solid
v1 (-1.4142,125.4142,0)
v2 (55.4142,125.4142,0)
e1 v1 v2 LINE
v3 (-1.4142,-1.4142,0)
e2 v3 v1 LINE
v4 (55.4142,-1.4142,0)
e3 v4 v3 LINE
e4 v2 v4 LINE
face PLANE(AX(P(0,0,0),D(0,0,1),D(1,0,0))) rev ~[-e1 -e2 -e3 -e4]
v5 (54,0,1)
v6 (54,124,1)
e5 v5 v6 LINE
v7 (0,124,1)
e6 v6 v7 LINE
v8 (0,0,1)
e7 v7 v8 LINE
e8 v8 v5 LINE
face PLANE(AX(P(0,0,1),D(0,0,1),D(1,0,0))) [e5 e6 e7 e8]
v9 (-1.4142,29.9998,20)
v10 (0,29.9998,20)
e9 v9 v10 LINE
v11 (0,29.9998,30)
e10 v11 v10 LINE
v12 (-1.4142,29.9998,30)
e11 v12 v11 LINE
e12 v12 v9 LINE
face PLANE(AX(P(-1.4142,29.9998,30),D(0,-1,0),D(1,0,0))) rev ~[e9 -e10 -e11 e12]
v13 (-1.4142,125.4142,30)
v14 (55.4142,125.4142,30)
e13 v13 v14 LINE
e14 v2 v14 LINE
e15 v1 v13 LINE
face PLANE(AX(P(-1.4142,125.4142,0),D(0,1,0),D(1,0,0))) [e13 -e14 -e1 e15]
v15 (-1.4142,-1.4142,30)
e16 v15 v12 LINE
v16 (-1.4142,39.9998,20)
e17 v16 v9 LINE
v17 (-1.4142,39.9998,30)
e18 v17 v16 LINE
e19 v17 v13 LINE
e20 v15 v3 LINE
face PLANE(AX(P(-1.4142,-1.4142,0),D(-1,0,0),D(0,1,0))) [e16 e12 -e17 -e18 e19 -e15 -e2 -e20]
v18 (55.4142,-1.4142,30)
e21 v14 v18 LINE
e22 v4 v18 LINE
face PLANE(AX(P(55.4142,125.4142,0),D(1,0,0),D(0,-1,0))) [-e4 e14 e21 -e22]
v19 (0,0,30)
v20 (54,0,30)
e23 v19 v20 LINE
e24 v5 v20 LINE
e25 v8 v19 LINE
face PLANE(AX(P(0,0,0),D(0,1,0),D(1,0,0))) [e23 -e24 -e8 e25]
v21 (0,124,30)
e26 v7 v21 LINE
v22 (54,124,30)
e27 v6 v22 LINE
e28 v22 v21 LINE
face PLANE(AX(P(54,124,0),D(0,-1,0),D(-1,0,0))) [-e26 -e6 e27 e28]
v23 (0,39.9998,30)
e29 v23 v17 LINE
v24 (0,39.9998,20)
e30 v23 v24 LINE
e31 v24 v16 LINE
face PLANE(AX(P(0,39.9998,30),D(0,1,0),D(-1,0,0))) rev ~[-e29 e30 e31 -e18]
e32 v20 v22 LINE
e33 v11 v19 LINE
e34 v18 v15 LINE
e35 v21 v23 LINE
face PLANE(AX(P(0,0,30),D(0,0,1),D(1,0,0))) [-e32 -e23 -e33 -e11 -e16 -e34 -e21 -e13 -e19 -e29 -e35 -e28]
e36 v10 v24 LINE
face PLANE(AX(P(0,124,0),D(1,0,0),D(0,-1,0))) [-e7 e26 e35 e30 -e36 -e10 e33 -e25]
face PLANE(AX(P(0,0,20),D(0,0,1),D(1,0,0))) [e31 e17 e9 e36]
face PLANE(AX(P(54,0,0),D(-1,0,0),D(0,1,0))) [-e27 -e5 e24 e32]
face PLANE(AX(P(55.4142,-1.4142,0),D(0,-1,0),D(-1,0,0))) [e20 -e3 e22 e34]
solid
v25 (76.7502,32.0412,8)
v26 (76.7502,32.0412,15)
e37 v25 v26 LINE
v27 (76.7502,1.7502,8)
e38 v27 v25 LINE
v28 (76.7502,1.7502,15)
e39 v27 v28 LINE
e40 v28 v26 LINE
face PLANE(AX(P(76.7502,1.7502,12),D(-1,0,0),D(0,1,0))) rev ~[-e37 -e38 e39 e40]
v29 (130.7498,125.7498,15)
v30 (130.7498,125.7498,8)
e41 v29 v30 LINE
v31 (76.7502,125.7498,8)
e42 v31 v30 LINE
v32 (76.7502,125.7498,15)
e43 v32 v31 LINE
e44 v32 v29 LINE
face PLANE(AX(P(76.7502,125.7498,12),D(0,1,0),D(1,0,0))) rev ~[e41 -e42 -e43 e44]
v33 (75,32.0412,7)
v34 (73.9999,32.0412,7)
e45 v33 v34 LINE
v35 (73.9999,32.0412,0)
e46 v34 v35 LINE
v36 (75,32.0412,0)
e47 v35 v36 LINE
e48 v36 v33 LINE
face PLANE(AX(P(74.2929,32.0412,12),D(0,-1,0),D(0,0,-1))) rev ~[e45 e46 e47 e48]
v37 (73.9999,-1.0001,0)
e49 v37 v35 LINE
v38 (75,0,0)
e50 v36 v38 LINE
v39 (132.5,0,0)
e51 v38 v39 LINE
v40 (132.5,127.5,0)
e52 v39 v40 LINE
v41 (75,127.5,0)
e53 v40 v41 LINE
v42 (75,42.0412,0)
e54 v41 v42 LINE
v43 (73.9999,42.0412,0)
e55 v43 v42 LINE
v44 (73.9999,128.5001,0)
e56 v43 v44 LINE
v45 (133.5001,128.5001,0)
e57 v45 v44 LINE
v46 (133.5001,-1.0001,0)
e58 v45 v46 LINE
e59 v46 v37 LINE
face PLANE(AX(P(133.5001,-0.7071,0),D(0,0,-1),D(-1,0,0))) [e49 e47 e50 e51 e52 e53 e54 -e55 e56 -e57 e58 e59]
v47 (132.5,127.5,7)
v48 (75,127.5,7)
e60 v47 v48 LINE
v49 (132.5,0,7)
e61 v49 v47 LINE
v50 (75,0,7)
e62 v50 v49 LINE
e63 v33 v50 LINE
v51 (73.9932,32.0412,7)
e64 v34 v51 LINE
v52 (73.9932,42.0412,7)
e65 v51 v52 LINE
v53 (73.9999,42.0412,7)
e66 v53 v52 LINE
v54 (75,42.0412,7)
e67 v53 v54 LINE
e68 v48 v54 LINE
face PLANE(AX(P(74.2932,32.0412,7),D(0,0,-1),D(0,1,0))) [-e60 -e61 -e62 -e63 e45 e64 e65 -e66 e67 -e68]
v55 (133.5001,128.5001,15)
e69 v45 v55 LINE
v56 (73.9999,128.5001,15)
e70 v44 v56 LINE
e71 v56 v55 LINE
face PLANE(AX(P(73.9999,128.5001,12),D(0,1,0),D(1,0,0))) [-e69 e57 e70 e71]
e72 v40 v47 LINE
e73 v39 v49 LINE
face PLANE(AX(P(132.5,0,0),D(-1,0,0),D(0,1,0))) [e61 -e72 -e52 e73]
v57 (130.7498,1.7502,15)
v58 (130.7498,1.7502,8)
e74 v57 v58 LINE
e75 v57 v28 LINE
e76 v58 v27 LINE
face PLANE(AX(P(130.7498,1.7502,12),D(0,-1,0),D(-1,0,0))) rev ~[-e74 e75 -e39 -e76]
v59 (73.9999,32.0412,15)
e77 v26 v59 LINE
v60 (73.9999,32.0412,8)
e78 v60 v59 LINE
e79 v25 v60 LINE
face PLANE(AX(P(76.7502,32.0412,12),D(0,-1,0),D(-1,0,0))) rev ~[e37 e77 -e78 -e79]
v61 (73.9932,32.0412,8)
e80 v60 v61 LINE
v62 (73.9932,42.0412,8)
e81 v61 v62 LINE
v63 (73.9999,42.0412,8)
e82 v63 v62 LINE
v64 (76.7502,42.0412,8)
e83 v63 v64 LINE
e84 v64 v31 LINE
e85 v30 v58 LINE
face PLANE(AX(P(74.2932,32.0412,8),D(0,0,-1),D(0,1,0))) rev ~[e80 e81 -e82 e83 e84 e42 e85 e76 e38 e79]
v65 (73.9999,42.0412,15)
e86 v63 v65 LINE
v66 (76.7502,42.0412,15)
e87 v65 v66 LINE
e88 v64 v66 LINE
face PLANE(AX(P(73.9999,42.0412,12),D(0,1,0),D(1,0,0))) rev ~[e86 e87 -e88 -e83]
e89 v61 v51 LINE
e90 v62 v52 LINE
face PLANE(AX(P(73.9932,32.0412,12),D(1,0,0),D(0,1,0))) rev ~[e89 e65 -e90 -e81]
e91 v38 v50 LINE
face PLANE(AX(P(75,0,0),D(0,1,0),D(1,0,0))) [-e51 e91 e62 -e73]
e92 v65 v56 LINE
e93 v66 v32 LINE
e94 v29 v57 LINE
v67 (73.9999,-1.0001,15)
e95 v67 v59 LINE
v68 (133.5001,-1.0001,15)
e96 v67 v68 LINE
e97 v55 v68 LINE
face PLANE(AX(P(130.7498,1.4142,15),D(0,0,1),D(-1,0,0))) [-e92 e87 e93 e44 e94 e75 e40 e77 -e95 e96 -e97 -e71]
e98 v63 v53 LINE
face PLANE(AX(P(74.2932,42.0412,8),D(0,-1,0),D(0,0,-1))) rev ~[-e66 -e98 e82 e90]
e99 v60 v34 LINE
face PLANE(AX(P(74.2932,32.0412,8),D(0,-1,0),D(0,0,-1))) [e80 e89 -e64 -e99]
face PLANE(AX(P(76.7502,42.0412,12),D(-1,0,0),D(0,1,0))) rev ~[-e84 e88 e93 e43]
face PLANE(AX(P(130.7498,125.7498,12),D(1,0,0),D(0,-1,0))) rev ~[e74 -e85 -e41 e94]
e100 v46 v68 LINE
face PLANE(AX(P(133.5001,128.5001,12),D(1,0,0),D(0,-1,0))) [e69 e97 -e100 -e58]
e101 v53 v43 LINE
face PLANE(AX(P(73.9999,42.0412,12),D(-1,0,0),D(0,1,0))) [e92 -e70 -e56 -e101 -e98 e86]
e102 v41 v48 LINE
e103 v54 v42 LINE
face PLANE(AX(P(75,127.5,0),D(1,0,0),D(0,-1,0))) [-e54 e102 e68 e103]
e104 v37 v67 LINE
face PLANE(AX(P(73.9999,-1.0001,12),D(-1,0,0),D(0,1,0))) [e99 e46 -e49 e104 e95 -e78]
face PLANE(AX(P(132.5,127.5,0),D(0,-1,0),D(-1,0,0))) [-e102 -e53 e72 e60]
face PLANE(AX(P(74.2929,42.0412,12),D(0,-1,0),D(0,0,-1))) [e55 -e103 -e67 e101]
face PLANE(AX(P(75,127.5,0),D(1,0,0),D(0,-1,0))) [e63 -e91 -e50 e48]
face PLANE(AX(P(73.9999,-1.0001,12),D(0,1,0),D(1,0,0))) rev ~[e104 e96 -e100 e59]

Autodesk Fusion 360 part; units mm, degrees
sketch "Sketch1" plane through (0, 0, 0) normal (0, 0, 1) x (1, 0, 0)
  line L0 (0, 0) -> (54, 0)
  line L1 (54, 0) -> (54, 124)
  line L2 (54, 124) -> (0, 124)
  line L3 (0, 124) -> (0, 0)
  line L4 (54, 0) -> (55.4142, -1.4142)
  line L5 (54, 0) -> (56, 0) construction
  line L6 (0, 124) -> (-1.4142, 125.4142)
  line L7 (-1.4142, 125.4142) -> (55.4142, 125.4142)
  line L8 (55.4142, 125.4142) -> (55.4142, -1.4142)
  line L9 (55.4142, -1.4142) -> (-1.4142, -1.4142)
  line L10 (-1.4142, -1.4142) -> (-1.4142, 125.4142)
  dimension "d1" = 54
  dimension "d2" = 124
  dimension "d3" = 2
  dimension "d4" = 45
  dimension "d5" = 2
extrude "Extrude1" add sketch "Sketch1" along normal blind 30 contours L0 L3 L4 L6 L9 L10 | L1 L2 L4 L6 L7 L8 makes body 1
sketch "Sketch2" plane through (0, 0, 0) normal (0, 0, 1) x (1, 0, 0)
  line L0 (-1.4142, -1.4142) -> (55.4142, -1.4142)
  line L1 (55.4142, -1.4142) -> (55.4142, 125.4142)
  line L2 (55.4142, 125.4142) -> (-1.4142, 125.4142)
  line L3 (-1.4142, 125.4142) -> (-1.4142, -1.4142)
  point P0 (-1.4142, -1.4142)
  point P1 (55.4142, 125.4142)
extrude "Extrude2" add sketch "Sketch2" along normal blind 1 bodies 1
sketch "Sketch3" plane through (0, 0, 0) normal (0, 0, 1) x (1, 0, 0)
  line L0 (70, 0) -> (128, 0)
  line L1 (128, 0) -> (128, 128)
  line L2 (128, 128) -> (70, 128)
  line L3 (70, 128) -> (70, 0)
  line L4 (70, 0) -> (70.7071, 0.7071)
  line L5 (128, 128) -> (127.2929, 127.2929)
  line L6 (127.2929, 127.2929) -> (70.7071, 127.2929)
  line L7 (70.7071, 127.2929) -> (70.7071, 0.7071)
  line L8 (70.7071, 0.7071) -> (127.2929, 0.7071)
  line L9 (127.2929, 0.7071) -> (127.2929, 127.2929)
  dimension "d10" = 58
  dimension "d11" = 128
  dimension "d12" = 1
  dimension "d13" = 1
sketch "Sketch8" plane through (0, 0, 30) normal (0, 0, 1) x (1, 0, 0)
  line L0 (0, 0) -> (0, 124)
  line L1 (0, 124) -> (54, 124)
  line L2 (54, 124) -> (54, 0)
  line L3 (54, 0) -> (0, 0)
  line L4 (-1.4142, -1.4142) -> (55.4142, -1.4142)
  line L5 (55.4142, -1.4142) -> (55.4142, 125.4142)
  line L6 (55.4142, 125.4142) -> (-1.4142, 125.4142)
  line L7 (-1.4142, 125.4142) -> (-1.4142, -1.4142)
  line L8 (-1.4142, -1.4142) -> (-1.4142, 29.9998)
  line L9 (-1.4142, 29.9998) -> (0, 29.9998)
  line L10 (0, 29.9998) -> (0, 39.9998)
  line L11 (0, 39.9998) -> (-1.4142, 39.9998)
  line L12 (-1.4142, 39.9998) -> (-1.4142, 29.9998)
  dimension "d30" = 31.414
  dimension "d31" = 10
extrude "Extrude9" cut sketch "Sketch8" against normal blind 10 contours L0 L7 L9 L10 L11 L12 bodies 1
sketch "Sketch9" plane through (0, 0, 0) normal (0, 0, 1) x (1, 0, 0)
  line L0 (75, 0) -> (132.5, 0)
  line L1 (132.5, 0) -> (132.5, 127.5)
  line L2 (132.5, 127.5) -> (75, 127.5)
  line L3 (75, 127.5) -> (75, 0)
  line L4 (75, 127.5) -> (74.2929, 128.2071)
  line L5 (75, 127.5) -> (76, 127.5) construction
  line L6 (132.5, 0) -> (133.2071, -0.7071)
  line L7 (132.5, 0) -> (133.5, 0) construction
  line L8 (133.2071, -0.7071) -> (74.2929, -0.7071)
  line L9 (74.2929, -0.7071) -> (74.2929, 128.2071)
  line L10 (74.2929, 128.2071) -> (133.2071, 128.2071)
  line L11 (133.2071, 128.2071) -> (133.2071, -0.7071)
  dimension "d40" = 57.5
  dimension "d41" = 127.5
  dimension "d42" = 135
  dimension "d43" = 1
  dimension "d44" = 45
  dimension "d45" = 1
extrude "Extrude13" add sketch "Sketch9" along normal blind 7 separate body contours L0 L3 L4 L6 L8 L9 | L1 L2 L4 L6 L10 L11 makes body 2
sketch "Sketch10" plane through (0, 0, 7) normal (0, 0, 1) x (1, 0, 0)
  line L0 (75, 0) -> (75, 127.5)
  line L1 (75, 127.5) -> (132.5, 127.5)
  line L2 (132.5, 127.5) -> (132.5, 0)
  line L3 (132.5, 0) -> (75, 0)
  line L4 (133.2071, 128.2071) -> (74.2929, 128.2071)
  line L5 (74.2929, 128.2071) -> (74.2929, -0.7071)
  line L6 (74.2929, -0.7071) -> (133.2071, -0.7071)
  line L7 (133.2071, -0.7071) -> (133.2071, 128.2071)
extrude "Extrude14" add sketch "Sketch10" along normal blind 1 contours L0 L1 L2 L3 | L4 L5 L6 L7 bodies 2
sketch "Sketch11" plane through (0, 0, 8) normal (0, 0, 1) x (1, 0, 0)
  line L0 (133.2071, -0.7071) -> (133.2071, 128.2071)
  line L1 (133.2071, 128.2071) -> (74.2929, 128.2071)
  line L2 (74.2929, 128.2071) -> (74.2929, -0.7071)
  line L3 (74.2929, -0.7071) -> (133.2071, -0.7071)
  line L4 (133.2071, -0.7071) -> (131.0858, 1.4142)
  line L5 (133.2071, -0.7071) -> (136.2071, -0.7071) construction
  line L6 (74.2929, 128.2071) -> (76.4142, 126.0858)
  line L7 (74.2929, 128.2071) -> (77.2929, 128.2071) construction
  line L8 (76.4142, 126.0858) -> (131.0858, 126.0858)
  line L9 (131.0858, 126.0858) -> (131.0858, 1.4142)
  line L10 (131.0858, 1.4142) -> (76.4142, 1.4142)
  line L11 (76.4142, 1.4142) -> (76.4142, 126.0858)
  dimension "d50" = 135
  dimension "d51" = 3
  dimension "d52" = 45
  dimension "d53" = 3
extrude "Extrude15" add sketch "Sketch11" along normal blind 4 contours L0 L1 L4 L6 L8 L9 | L2 L3 L4 L6 L10 L11 bodies 2
sketch "Sketch12" plane through (0, 0, 12) normal (0, 0, 1) x (1, 0, 0)
  line L0 (131.0858, 1.4142) -> (76.4142, 1.4142)
  line L1 (76.4142, 1.4142) -> (76.4142, 126.0858)
  line L2 (76.4142, 126.0858) -> (131.0858, 126.0858)
  line L3 (131.0858, 126.0858) -> (131.0858, 1.4142)
  line L4 (74.2929, -0.7071) -> (133.2071, -0.7071)
  line L5 (133.2071, -0.7071) -> (133.2071, 128.2071)
  line L6 (133.2071, 128.2071) -> (74.2929, 128.2071)
  line L7 (74.2929, 128.2071) -> (74.2929, -0.7071)
  line L8 (76.4142, 1.4142) -> (76.4142, 32.0412)
  line L9 (76.4142, 32.0412) -> (74.2929, 32.0412)
  line L10 (74.2929, 32.0412) -> (74.2929, 42.0412)
  line L11 (74.2929, 42.0412) -> (76.4142, 42.0412)
  line L12 (76.4142, 42.0412) -> (76.4142, 32.0412)
  dimension "d56" = 30.627
  dimension "d57" = 10
extrude "Extrude16" cut sketch "Sketch12" against normal blind 32 contours L1 L7 L9 L10 L11 L12 bodies 2
extrude "Extrude17" add 1 faces at (76.4142, 35.3745, 7.6667) along direction (-1, 0, 0) blind 2.121 on bodies 2 bodies 2
extrude "Extrude18" add 1 faces at (74.2929, 70.7632, 4) along direction (-1, 0, 0) blind 0.3 on bodies 2 bodies 2
extrude "Extrude19" cut 1 faces at (73.9929, 70.7632, 4) along direction (1, 0, 0) blind 0.007 on bodies 2 bodies 2
extrude "Extrude20" add 1 faces at (74.2929, 21.1251, 8) along direction (-1, 0, 0) blind 0.297 on bodies 2 bodies 2
extrude "Extrude21" cut 1 faces at (73.9959, 21.1251, 8) along direction (1, 0, 0) blind 0.004 on bodies 2 bodies 2
extrude "Extrude22" add 1 faces at (74.2932, 35.3745, 7.6667) along direction (-1, 0, 0) blind 0.3 on bodies 2 bodies 2
extrude "Extrude23" add 1 faces at (133.2071, 85.2357, 4) along direction (1, 0, 0) blind 0.3 on bodies 2 bodies 2
extrude "Extrude24" cut 1 faces at (133.5071, 85.2357, 4) along direction (-1, 0, 0) blind 0.007 on bodies 2 bodies 2
extrude "Extrude25" add 1 faces at (93.8333, 128.2071, 4) along direction (0, 1, 0) blind 0.3 on bodies 2 bodies 2
extrude "Extrude26" cut 1 faces at (93.8333, 128.5071, 4) along direction (0, -1, 0) blind 0.007 on bodies 2 bodies 2
extrude "Extrude27" add 1 faces at (113.6667, -0.7071, 4) along direction (0, -1, 0) blind 0.3 on bodies 2 bodies 2
extrude "Extrude28" cut 1 faces at (113.6667, -1.0071, 4) along direction (0, 1, 0) blind 0.007 on bodies 2 bodies 2
extrude "Extrude29" add 2 faces at (76.4142, 70.0561, 9.3333) (76.4142, 21.8322, 10.6667) along direction (1, 0, 0) blind 0.336 on bodies 2 bodies 2
extrude "Extrude30" add 1 faces at (131.0858, 84.5286, 9.3333) along direction (-1, 0, 0) blind 0.336 on bodies 2 bodies 2
extrude "Extrude31" add 1 faces at (94.7501, 126.0858, 10.6667) along direction (0, -1, 0) blind 0.336 on bodies 2 bodies 2
extrude "Extrude32" add 1 faces at (112.7499, 1.4142, 9.3333) along direction (0, 1, 0) blind 0.336 on bodies 2 bodies 2
extrude "Extrude33" add 1 faces at (132.5833, 84.4166, 12) along direction (0, 0, 1) blind 3 on bodies 2 bodies 2
